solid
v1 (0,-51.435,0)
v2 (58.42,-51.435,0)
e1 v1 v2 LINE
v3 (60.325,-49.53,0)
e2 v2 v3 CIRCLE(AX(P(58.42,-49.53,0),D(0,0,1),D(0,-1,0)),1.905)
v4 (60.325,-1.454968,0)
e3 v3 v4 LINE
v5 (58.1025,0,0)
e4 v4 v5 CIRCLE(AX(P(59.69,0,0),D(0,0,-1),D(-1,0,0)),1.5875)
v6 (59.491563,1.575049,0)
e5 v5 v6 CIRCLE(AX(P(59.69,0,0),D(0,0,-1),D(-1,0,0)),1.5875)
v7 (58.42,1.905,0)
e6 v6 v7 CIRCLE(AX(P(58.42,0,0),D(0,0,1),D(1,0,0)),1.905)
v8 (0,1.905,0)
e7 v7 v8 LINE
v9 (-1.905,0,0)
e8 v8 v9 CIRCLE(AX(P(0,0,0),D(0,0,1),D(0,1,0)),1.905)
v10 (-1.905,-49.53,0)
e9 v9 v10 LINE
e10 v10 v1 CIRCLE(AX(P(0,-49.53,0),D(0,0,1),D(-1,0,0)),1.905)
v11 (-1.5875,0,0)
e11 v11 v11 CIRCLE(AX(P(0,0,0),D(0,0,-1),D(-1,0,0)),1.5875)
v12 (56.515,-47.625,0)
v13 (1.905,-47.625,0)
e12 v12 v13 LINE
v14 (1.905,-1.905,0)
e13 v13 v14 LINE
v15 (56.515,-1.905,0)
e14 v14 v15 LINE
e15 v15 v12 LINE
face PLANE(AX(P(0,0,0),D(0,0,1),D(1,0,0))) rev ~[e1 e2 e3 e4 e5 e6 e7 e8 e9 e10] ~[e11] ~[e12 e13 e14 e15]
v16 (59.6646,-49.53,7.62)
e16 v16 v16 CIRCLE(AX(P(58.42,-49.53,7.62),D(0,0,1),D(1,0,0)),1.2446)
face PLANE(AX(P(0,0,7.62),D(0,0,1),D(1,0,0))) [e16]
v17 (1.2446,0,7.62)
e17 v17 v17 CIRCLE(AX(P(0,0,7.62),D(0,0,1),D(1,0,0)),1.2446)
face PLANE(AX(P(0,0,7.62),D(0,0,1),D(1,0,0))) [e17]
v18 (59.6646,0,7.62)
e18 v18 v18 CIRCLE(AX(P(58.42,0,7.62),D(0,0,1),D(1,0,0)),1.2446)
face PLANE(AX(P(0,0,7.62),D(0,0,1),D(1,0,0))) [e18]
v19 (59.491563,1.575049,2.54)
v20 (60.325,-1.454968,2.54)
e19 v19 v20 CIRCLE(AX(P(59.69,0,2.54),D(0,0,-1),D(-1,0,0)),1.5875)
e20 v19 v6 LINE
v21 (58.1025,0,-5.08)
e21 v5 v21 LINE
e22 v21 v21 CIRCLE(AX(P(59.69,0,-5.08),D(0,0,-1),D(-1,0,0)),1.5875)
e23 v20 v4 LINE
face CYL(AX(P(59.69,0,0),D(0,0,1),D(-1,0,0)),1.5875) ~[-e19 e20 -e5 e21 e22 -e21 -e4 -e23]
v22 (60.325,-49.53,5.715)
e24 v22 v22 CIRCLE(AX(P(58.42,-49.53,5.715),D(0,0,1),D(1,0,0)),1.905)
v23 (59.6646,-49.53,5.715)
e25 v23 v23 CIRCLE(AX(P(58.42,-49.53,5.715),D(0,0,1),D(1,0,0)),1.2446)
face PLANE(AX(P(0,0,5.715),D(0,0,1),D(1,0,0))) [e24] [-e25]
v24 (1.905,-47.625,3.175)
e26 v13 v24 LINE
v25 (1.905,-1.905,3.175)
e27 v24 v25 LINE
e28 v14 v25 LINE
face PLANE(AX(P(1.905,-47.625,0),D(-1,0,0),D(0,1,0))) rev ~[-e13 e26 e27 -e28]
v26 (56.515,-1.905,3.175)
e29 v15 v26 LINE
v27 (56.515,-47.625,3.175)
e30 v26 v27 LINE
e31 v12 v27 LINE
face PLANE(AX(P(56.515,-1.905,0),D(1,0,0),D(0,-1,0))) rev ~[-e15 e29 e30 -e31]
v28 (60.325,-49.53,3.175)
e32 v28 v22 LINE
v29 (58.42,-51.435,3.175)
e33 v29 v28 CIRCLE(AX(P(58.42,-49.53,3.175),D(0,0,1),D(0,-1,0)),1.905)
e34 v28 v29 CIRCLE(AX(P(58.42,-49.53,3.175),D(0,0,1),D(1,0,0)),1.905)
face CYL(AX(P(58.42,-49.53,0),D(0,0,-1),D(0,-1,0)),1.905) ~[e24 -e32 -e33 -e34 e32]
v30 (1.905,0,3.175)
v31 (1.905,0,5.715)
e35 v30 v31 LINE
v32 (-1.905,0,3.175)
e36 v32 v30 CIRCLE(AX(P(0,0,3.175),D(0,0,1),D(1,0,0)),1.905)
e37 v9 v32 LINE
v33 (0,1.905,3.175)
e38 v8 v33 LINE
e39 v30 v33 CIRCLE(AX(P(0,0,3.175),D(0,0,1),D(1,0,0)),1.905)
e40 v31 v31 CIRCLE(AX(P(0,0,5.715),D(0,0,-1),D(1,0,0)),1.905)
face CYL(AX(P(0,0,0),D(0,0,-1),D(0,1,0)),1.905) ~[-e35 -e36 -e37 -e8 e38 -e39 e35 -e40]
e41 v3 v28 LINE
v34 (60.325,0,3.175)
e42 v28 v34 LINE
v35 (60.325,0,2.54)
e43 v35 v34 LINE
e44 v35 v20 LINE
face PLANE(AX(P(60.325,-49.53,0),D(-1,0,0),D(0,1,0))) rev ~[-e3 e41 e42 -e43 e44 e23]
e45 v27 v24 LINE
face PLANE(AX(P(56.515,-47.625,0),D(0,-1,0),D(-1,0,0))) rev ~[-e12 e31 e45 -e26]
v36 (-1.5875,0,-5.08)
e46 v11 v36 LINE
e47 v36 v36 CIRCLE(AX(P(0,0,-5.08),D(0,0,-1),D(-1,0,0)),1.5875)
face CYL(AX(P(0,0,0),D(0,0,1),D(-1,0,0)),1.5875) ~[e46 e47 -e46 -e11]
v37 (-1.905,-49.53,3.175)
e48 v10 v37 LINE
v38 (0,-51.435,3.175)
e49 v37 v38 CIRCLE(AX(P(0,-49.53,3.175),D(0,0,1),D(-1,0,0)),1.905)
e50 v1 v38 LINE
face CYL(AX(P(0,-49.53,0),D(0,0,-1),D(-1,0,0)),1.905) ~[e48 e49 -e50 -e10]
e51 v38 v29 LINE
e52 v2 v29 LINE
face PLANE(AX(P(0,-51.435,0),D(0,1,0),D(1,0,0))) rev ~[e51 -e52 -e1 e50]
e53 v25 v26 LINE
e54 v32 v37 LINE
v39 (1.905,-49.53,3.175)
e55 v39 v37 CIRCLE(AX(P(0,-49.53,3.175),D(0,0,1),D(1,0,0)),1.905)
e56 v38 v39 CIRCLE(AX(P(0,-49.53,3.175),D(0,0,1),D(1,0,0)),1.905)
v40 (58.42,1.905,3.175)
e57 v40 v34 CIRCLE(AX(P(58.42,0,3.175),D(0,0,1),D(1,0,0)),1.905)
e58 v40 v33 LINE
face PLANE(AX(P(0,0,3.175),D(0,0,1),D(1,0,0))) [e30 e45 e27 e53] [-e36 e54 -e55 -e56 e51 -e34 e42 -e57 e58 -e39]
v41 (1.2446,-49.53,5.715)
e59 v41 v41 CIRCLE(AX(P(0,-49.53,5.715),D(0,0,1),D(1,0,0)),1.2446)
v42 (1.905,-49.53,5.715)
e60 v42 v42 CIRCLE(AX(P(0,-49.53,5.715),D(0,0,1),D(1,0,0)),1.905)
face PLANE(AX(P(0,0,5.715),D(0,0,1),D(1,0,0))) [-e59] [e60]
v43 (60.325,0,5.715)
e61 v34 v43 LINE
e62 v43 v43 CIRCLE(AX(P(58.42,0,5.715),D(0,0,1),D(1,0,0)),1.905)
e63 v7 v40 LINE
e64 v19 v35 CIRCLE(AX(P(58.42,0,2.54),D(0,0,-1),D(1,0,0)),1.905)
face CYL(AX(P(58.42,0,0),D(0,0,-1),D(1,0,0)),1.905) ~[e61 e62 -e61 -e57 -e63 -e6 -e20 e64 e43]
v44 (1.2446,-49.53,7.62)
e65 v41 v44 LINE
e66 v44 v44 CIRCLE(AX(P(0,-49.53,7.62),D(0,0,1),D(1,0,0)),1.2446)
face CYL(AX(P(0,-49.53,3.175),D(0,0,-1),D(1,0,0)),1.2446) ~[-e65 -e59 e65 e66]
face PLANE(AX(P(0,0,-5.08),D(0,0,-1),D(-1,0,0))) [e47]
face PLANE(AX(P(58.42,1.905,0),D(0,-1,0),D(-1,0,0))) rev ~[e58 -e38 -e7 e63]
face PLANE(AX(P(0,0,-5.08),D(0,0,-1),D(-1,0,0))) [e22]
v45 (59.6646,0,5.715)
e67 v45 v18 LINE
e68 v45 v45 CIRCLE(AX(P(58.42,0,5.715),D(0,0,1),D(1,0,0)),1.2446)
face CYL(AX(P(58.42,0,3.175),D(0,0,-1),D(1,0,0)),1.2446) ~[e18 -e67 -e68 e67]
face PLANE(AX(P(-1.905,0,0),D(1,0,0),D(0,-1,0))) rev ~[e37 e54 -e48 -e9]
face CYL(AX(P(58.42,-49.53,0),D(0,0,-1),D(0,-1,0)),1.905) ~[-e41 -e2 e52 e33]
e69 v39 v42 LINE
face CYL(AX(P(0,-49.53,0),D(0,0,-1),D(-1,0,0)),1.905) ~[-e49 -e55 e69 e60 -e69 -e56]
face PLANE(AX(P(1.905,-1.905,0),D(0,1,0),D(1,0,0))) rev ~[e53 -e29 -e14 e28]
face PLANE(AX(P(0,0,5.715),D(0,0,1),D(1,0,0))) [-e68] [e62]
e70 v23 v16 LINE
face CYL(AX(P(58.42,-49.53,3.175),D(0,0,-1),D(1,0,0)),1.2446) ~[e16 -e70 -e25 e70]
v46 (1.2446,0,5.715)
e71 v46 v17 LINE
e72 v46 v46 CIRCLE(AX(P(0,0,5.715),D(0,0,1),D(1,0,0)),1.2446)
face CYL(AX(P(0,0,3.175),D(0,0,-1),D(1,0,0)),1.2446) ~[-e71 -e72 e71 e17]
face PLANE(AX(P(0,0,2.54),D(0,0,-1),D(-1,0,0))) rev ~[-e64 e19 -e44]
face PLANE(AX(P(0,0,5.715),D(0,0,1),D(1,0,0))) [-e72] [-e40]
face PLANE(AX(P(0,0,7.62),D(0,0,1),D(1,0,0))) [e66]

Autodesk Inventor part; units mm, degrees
ref_plane "YZ Plane" through (0, 0, 0) normal (1, 0, 0) x (0, 1, 0)
ref_plane "XZ Plane" through (0, 0, 0) normal (0, 1, 0) x (-1, 0, 0)
ref_plane "XY Plane" through (0, 0, 0) normal (0, 0, 1) x (1, 0, 0)
sketch "Sketch1" plane through (0, 0, 0) normal (0, 0, 1) x (1, 0, 0)
  arc A0 (0, 1.905) -> (-1.905, 0) centre (0, 0) ccw
  arc A1 (60.325, 0) -> (58.42, 1.905) centre (58.42, 0) ccw
  arc A2 (-1.905, -49.53) -> (0, -51.435) centre (0, -49.53) ccw
  arc A3 (58.42, -51.435) -> (60.325, -49.53) centre (58.42, -49.53) ccw
  line L0 (0, -51.435) -> (58.42, -51.435)
  line L1 (60.325, -49.53) -> (60.325, 0)
  line L2 (58.42, 1.905) -> (0, 1.905)
  line L3 (-1.905, 0) -> (-1.905, -49.53)
  line L4 (1.905, -47.625) -> (1.905, -1.905)
  line L5 (1.905, -1.905) -> (56.515, -1.905)
  line L6 (56.515, -1.905) -> (56.515, -47.625)
  line L7 (56.515, -47.625) -> (1.905, -47.625)
  dimension "d0" = 58.42
  dimension "d1" = 3.81
  dimension "d2" = 3.81
  dimension "d3" = 49.53
  dimension "d4" = 3.81
  dimension "d5" = 3.81
extrude "Extrusion1" add sketch "Sketch1" along normal blind 3.175
sketch "Sketch2" plane through (0, 0, 3.175) normal (0, 0, 1) x (1, 0, 0)
  circle A0 centre (0, 0) radius 1.2446
  circle A1 centre (58.42, 0) radius 1.2446
  line L0 (60.325, -49.53) -> (60.325, 0) projected
  circle A2 centre (58.42, -49.53) radius 1.2446
  circle A3 centre (0, -49.53) radius 1.2446
  arc A4 (0, 1.905) -> (-1.905, 0) centre (0, 0) ccw projected
  circle A5 centre (0, 0) radius 1.905
  circle A6 centre (0, -49.53) radius 1.905
  circle A7 centre (58.42, -49.53) radius 1.905
  circle A8 centre (58.42, 0) radius 1.905
  dimension "d8" = 2.4892
  dimension "d9" = 2.4892
  dimension "d10" = 1.905
  dimension "d11" = 2.4892
extrude "Extrusion2" add sketch "Sketch2" along normal blind 4.445 contours A0 | A1 | A2 | A3
extrude "Extrusion3" add sketch "Sketch2" along normal blind 2.54
sketch "Sketch3" plane through (0, 0, 0) normal (0, 0, -1) x (-1, 0, 0)
  line L0 (0, 1.905) -> (-58.42, 1.905) projected
  circle A0 centre (0, -49.53) radius 1.2446 projected
  circle A1 centre (-59.69, -49.53) radius 1.5875
  circle A2 centre (0, 0) radius 1.5875
  circle A3 centre (-59.69, 0) radius 1.5875
  circle A4 centre (0, -49.53) radius 1.5875
  point P0 (1.905, 0)
  point P1 (1.905, -49.53)
  dimension "d22" = 3.175
  dimension "d24" = 59.69
  dimension "d25" = 3.175
  dimension "d26" = 3.175
  dimension "d27" = 3.175
  dimension "d36" = 0
extrude "Extrusion8" add sketch "Sketch3" against normal blind 2.54 contours A3
extrude "Extrusion9" add sketch "Sketch3" along normal blind 5.08 contours A2 | A3
properties part number "PiMount" material "ABS Plastic"
